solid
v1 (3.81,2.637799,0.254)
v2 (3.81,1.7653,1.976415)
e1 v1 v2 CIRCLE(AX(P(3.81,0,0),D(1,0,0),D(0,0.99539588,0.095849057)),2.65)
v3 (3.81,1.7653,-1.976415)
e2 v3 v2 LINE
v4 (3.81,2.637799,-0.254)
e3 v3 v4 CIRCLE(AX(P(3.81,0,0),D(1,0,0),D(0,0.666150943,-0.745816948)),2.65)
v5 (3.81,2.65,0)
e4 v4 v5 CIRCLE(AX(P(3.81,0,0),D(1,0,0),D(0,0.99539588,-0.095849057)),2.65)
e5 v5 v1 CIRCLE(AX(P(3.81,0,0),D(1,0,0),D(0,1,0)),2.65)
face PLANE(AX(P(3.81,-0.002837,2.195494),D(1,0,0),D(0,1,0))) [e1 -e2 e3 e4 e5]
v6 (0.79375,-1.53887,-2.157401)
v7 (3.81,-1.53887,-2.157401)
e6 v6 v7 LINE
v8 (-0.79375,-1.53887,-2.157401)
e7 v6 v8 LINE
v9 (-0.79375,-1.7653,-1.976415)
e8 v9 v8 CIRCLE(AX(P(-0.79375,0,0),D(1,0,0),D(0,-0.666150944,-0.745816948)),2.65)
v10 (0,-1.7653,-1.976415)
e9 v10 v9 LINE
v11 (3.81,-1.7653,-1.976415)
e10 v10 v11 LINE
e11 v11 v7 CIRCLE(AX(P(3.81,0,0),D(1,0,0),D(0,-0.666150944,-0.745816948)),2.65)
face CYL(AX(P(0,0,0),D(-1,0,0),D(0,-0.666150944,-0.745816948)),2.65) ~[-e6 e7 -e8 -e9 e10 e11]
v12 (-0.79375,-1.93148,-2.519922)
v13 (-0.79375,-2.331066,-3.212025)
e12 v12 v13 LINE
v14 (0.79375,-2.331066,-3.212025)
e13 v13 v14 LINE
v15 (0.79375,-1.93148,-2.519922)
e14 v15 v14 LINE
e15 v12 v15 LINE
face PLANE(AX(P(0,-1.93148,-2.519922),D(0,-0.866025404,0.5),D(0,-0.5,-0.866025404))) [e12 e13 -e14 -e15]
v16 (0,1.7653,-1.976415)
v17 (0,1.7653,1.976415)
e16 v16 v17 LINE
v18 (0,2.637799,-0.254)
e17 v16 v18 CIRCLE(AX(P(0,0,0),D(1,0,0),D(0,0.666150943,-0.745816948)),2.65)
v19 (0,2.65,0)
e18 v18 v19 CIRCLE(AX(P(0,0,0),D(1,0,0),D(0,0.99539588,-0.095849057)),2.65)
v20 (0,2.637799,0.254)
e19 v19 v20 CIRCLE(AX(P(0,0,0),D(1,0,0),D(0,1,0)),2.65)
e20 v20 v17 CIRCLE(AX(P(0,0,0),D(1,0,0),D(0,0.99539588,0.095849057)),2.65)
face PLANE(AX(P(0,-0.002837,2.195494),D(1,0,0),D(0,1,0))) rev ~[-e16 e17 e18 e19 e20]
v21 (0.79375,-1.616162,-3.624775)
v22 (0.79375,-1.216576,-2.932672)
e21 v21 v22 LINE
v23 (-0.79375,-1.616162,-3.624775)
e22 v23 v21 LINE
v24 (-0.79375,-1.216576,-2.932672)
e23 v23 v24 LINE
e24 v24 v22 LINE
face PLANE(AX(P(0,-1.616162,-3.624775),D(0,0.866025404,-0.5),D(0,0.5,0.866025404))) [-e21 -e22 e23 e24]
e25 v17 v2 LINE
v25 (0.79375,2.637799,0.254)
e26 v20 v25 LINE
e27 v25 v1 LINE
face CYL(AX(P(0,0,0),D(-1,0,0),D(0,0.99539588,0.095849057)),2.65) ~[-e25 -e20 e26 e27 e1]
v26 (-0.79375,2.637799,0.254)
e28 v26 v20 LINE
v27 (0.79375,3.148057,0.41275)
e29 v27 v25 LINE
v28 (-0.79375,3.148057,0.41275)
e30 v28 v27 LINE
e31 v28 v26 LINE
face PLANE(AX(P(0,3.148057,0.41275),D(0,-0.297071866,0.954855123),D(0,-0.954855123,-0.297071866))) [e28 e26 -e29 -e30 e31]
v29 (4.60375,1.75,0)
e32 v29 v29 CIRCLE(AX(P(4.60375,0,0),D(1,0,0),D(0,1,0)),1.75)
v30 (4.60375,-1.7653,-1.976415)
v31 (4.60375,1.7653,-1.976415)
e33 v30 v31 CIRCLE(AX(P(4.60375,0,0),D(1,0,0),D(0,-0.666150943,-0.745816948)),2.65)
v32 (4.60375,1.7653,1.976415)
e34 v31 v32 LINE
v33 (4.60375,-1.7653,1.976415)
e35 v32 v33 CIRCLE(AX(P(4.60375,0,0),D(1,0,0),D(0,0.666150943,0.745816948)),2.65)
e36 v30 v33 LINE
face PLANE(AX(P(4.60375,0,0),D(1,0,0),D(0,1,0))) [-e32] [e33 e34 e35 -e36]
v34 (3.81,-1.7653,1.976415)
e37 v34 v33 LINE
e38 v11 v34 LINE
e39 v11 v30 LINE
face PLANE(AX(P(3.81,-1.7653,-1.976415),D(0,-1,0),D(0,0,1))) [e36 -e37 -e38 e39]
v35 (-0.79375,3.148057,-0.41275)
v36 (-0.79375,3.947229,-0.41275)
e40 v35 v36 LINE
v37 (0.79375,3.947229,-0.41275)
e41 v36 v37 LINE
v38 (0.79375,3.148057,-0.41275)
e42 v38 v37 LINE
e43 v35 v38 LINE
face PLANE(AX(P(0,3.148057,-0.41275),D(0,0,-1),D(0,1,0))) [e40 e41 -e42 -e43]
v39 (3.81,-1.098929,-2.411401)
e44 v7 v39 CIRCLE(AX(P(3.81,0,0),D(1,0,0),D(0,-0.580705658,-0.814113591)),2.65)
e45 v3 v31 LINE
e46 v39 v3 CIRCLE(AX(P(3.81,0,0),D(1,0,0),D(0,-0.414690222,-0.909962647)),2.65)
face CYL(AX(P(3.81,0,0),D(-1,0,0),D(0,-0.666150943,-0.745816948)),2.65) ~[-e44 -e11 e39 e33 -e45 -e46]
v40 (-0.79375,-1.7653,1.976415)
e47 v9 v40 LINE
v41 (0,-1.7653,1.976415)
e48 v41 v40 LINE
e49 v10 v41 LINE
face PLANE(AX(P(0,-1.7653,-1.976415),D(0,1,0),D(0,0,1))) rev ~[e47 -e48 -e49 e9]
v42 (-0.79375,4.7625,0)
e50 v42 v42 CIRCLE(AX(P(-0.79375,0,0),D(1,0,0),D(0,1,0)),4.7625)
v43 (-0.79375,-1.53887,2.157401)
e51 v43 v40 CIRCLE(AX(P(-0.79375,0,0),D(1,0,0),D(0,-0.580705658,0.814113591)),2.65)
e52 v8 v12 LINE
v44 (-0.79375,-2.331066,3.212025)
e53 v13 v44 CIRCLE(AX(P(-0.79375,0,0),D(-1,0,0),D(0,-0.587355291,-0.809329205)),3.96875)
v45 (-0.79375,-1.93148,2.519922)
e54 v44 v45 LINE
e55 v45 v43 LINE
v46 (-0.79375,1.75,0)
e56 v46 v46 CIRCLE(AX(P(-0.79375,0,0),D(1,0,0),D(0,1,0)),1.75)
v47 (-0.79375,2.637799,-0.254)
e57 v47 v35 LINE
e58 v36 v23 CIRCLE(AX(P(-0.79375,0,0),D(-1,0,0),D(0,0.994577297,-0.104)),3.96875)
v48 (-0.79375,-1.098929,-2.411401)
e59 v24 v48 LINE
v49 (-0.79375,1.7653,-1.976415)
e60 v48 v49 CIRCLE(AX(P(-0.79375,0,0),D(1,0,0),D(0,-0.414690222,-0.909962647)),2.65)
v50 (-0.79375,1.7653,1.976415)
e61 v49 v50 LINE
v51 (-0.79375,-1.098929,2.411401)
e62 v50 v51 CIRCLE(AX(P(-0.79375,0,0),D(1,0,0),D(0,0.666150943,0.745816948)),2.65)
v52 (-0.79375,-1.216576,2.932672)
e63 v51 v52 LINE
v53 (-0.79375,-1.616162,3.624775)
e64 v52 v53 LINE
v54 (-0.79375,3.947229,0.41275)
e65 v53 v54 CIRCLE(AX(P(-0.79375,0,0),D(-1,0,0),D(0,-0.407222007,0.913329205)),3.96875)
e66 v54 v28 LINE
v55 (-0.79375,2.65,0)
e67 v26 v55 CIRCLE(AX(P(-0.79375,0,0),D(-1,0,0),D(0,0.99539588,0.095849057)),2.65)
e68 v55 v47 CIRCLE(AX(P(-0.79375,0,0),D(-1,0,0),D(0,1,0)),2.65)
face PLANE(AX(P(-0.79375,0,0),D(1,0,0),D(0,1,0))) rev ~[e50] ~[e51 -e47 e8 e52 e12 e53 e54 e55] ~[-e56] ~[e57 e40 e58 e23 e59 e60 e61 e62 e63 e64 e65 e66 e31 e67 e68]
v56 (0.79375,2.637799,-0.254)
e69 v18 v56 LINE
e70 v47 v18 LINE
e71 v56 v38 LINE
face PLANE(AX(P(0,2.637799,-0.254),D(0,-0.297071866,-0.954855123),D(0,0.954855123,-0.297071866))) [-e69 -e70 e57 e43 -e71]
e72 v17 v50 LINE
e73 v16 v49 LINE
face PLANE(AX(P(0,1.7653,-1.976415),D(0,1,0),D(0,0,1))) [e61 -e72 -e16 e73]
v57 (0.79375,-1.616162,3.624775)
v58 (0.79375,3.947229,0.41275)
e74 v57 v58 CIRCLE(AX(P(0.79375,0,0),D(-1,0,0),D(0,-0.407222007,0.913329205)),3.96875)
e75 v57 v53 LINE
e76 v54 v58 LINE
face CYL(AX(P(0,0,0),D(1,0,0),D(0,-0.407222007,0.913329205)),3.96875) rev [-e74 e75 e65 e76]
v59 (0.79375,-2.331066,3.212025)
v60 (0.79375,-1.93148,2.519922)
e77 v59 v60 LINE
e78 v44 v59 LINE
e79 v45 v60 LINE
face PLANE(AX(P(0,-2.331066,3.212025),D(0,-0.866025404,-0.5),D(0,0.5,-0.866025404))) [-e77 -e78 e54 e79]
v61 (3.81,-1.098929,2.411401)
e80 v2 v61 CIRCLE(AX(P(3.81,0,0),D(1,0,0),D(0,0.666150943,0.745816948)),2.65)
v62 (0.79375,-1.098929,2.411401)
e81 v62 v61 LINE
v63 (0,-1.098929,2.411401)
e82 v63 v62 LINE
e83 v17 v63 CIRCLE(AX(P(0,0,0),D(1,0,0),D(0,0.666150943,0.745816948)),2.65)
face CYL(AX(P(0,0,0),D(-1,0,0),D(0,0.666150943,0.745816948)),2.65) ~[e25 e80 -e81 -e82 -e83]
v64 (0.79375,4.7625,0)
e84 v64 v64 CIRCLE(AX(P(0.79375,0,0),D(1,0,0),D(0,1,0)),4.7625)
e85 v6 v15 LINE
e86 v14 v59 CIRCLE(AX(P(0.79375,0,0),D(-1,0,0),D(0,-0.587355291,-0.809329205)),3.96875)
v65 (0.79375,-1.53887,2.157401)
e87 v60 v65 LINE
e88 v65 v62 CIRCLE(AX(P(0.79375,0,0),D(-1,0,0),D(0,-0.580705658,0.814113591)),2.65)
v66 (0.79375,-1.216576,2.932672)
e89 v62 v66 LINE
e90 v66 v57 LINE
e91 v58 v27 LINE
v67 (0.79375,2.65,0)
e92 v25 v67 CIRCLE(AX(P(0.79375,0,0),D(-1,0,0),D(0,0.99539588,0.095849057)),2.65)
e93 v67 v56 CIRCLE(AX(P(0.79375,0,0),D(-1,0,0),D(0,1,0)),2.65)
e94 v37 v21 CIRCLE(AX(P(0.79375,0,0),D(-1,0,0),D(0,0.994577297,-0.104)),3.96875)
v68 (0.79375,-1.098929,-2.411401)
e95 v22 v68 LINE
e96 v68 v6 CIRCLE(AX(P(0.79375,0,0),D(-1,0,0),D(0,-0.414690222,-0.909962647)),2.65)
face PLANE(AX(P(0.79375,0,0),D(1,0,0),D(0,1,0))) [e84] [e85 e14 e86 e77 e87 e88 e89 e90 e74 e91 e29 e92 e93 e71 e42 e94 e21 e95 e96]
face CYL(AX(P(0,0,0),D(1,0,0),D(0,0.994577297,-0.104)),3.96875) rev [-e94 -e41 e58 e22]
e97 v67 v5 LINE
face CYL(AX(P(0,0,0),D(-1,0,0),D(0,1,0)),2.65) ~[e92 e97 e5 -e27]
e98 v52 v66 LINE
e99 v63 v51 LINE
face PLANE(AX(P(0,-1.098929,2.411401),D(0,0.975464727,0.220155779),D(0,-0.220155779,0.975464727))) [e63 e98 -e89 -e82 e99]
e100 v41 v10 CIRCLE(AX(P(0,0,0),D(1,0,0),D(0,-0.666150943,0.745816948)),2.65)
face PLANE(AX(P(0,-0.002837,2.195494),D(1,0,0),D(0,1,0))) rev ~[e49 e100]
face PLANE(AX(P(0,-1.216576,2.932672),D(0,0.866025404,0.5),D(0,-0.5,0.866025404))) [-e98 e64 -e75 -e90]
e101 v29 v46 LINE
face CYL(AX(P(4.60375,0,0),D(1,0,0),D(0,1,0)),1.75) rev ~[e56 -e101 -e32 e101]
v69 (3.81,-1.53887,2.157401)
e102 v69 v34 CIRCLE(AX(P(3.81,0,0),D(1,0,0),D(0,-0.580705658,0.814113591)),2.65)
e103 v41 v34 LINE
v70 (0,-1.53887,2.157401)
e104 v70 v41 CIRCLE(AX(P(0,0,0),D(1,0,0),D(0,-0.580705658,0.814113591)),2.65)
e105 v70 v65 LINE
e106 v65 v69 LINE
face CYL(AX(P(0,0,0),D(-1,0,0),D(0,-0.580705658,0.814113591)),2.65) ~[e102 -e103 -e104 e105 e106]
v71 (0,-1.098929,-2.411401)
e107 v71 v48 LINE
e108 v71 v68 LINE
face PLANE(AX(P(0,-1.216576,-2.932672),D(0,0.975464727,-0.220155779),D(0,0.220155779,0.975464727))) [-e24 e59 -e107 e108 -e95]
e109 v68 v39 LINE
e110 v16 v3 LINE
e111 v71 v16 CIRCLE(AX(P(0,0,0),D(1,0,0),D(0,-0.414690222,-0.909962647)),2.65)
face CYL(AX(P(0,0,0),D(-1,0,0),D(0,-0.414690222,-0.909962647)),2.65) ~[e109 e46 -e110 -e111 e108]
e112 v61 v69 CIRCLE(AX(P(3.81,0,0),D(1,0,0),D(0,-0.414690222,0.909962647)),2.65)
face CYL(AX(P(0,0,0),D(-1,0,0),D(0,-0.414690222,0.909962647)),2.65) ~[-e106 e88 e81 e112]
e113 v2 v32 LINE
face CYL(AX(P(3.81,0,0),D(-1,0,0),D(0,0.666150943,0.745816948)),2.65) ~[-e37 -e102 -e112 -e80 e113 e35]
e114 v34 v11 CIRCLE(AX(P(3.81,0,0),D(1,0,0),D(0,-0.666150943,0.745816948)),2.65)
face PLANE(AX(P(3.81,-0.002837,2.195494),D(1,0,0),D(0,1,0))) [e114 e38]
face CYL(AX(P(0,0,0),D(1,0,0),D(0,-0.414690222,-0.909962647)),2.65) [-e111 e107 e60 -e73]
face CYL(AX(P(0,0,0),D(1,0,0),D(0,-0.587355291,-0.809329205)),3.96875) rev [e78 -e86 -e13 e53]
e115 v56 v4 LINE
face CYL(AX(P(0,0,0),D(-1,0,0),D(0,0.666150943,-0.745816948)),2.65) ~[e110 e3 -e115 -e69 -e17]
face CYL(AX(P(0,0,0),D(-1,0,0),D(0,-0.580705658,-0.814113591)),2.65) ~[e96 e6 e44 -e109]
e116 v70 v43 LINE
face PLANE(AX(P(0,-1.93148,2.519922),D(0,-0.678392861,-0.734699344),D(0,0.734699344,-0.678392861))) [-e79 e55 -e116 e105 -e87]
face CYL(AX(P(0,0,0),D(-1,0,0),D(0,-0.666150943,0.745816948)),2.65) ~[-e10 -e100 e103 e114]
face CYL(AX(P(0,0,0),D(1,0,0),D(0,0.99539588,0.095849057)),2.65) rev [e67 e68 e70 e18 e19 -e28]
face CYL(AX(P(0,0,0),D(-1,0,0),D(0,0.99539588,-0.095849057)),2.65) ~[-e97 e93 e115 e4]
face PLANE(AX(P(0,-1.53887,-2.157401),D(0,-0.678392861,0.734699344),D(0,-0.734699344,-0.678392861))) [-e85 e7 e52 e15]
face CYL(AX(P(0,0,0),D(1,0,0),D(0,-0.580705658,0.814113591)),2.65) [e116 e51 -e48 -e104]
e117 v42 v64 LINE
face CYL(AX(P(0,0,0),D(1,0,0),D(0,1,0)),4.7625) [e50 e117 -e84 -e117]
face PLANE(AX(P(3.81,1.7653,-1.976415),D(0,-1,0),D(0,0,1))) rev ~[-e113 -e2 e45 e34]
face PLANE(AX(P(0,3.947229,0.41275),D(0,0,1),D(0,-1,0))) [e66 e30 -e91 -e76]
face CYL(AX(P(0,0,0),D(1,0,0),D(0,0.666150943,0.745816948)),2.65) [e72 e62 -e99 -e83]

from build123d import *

# Parameters (mm, degrees)
F0_W     = 3.5306
F0_H     = 3.9528298268
F1_DEPTH = 0.79375
F2_DEPTH = 3.81
F3_W     = 3.5306
F3_H     = 3.9528298268
F4_DEPTH = 0.79375
F5_R     = 1.75
F6_DEPTH = 5.3985
F0_R     = 4.7625
F7_DEPTH = 0.79375


with BuildPart() as f1:
    # F0 (on Right) → F1 (new body)
    with BuildSketch(Plane.YZ):
        Rectangle(F0_W, F0_H)
        with BuildLine():
            Line((-1.7653, 1.9764149134), (1.7653, 1.9764149134))
            ThreePointArc((1.7653, 1.9764149134), (0.3978891493, 2.6199588212), (-1.0989290887, 2.4114010156))
            ThreePointArc((-1.0989290887, 2.4114010156), (-1.325, 2.29496732), (-1.5388699938, 2.1574010156))
            ThreePointArc((-1.5388699938, 2.1574010156), (-1.6545615218, 2.0700063214), (-1.7653, 1.9764149134))
        make_face()
        with BuildLine():
            ThreePointArc((-1.0989290887, -2.4114010156), (0.3978891493, -2.6199588212), (1.7653, -1.9764149134))
            Line((1.7653, -1.9764149134), (-1.7653, -1.9764149134))
            ThreePointArc((-1.7653, -1.9764149134), (-1.6545615218, -2.0700063214), (-1.5388699938, -2.1574010156))
            ThreePointArc((-1.5388699938, -2.1574010156), (-1.325, -2.29496732), (-1.0989290887, -2.4114010156))
        make_face()
    extrude(amount=-F1_DEPTH)

    # F0 (on Right) → F2 (join)
    with BuildSketch(Plane.YZ):
        with BuildLine():
            Line((-1.7653, 1.9764149134), (1.7653, 1.9764149134))
            ThreePointArc((1.7653, 1.9764149134), (0.3978891493, 2.6199588212), (-1.0989290887, 2.4114010156))
            ThreePointArc((-1.0989290887, 2.4114010156), (-1.325, 2.29496732), (-1.5388699938, 2.1574010156))
            ThreePointArc((-1.5388699938, 2.1574010156), (-1.6545615218, 2.0700063214), (-1.7653, 1.9764149134))
        make_face()
        with BuildLine():
            ThreePointArc((2.6377990826, -0.254), (2.6469480132, -0.1271464337), (2.65, 0))
            ThreePointArc((2.65, 0), (2.6469480132, 0.1271464337), (2.6377990826, 0.254))
            ThreePointArc((2.6377990826, 0.254), (2.3640005639, 1.1974979473), (1.7653, 1.9764149134))
            Line((1.7653, 1.9764149134), (1.7653, -1.9764149134))
            ThreePointArc((1.7653, -1.9764149134), (2.3640005639, -1.1974979473), (2.6377990826, -0.254))
        make_face()
        with BuildLine():
            Line((-1.7653, -1.9764149134), (-1.7653, 1.9764149134))
            ThreePointArc((-1.7653, 1.9764149134), (-2.65, 0), (-1.7653, -1.9764149134))
        make_face()
        Rectangle(F0_W, F0_H)
        with BuildLine():
            ThreePointArc((-1.0989290887, -2.4114010156), (0.3978891493, -2.6199588212), (1.7653, -1.9764149134))
            Line((1.7653, -1.9764149134), (-1.7653, -1.9764149134))
            ThreePointArc((-1.7653, -1.9764149134), (-1.6545615218, -2.0700063214), (-1.5388699938, -2.1574010156))
            ThreePointArc((-1.5388699938, -2.1574010156), (-1.325, -2.29496732), (-1.0989290887, -2.4114010156))
        make_face()
    extrude(amount=F2_DEPTH)

    # F3 (on face) → F4 (join)
    with BuildSketch(Plane.YZ.offset(3.81)):
        Rectangle(F3_W, F3_H)
        with BuildLine():
            ThreePointArc((1.7653, 1.9764149134), (0, 2.65), (-1.7653, 1.9764149134))
            Line((-1.7653, 1.9764149134), (1.7653, 1.9764149134))
        make_face()
        with BuildLine():
            Line((1.7653, -1.9764149134), (-1.7653, -1.9764149134))
            ThreePointArc((-1.7653, -1.9764149134), (0, -2.65), (1.7653, -1.9764149134))
        make_face()
    extrude(amount=F4_DEPTH)

    # F5 (on face) → F6 (cut, through all)
    with BuildSketch(Plane.YZ.offset(4.60375)):
        Circle(F5_R)
    extrude(amount=-F6_DEPTH, mode=Mode.SUBTRACT)

    # F0 (on Right) → F7 (join, symmetric)
    with BuildSketch(Plane.YZ):
        Circle(F0_R)
        with BuildLine():
            ThreePointArc((-1.6161623386, 3.6247752838), (1.984375, 3.4370383213), (3.9472286481, 0.41275))
            ThreePointArc((3.9472286481, 0.41275), (3.9633660101, 0.2066553478), (3.96875, 0))
            ThreePointArc((3.96875, 0), (3.9633660101, -0.2066553478), (3.9472286481, -0.41275))
            ThreePointArc((3.9472286481, -0.41275), (1.984375, -3.4370383213), (-1.6161623386, -3.6247752838))
            ThreePointArc((-1.6161623386, -3.6247752838), (-1.984375, -3.4370383213), (-2.3310663094, -3.2120252838))
            ThreePointArc((-2.3310663094, -3.2120252838), (-3.96875, 0), (-2.3310663094, 3.2120252838))
            ThreePointArc((-2.3310663094, 3.2120252838), (-1.984375, 3.4370383213), (-1.6161623386, 3.6247752838))
        make_face(mode=Mode.SUBTRACT)
        with BuildLine():
            ThreePointArc((2.6377990826, 0.254), (2.6469480132, 0.1271464337), (2.65, 0))
            ThreePointArc((2.65, 0), (2.6469480132, -0.1271464337), (2.6377990826, -0.254))
            Line((2.6377990826, -0.254), (3.1480569305, -0.41275))
            Line((3.1480569305, -0.41275), (3.9472286481, -0.41275))
            ThreePointArc((3.9472286481, -0.41275), (3.9633660101, -0.2066553478), (3.96875, 0))
            ThreePointArc((3.96875, 0), (3.9633660101, 0.2066553478), (3.9472286481, 0.41275))
            Line((3.9472286481, 0.41275), (3.1480569305, 0.41275))
            Line((3.1480569305, 0.41275), (2.6377990826, 0.254))
        make_face()
        with BuildLine():
            ThreePointArc((-1.5388699938, 2.1574010156), (-1.325, 2.29496732), (-1.0989290887, 2.4114010156))
            Line((-1.0989290887, 2.4114010156), (-1.2165764798, 2.9326722743))
            Line((-1.2165764798, 2.9326722743), (-1.6161623386, 3.6247752838))
            ThreePointArc((-1.6161623386, 3.6247752838), (-1.984375, 3.4370383213), (-2.3310663094, 3.2120252838))
            Line((-2.3310663094, 3.2120252838), (-1.9314804506, 2.5199222743))
            Line((-1.9314804506, 2.5199222743), (-1.5388699938, 2.1574010156))
        make_face()
        with BuildLine():
            Line((-1.2165764798, -2.9326722743), (-1.0989290887, -2.4114010156))
            ThreePointArc((-1.0989290887, -2.4114010156), (-1.325, -2.29496732), (-1.5388699938, -2.1574010156))
            Line((-1.5388699938, -2.1574010156), (-1.9314804506, -2.5199222743))
            Line((-1.9314804506, -2.5199222743), (-2.3310663094, -3.2120252838))
            ThreePointArc((-2.3310663094, -3.2120252838), (-1.984375, -3.4370383213), (-1.6161623386, -3.6247752838))
            Line((-1.6161623386, -3.6247752838), (-1.2165764798, -2.9326722743))
        make_face()
    extrude(amount=F7_DEPTH, both=True)


solid = f1.part
